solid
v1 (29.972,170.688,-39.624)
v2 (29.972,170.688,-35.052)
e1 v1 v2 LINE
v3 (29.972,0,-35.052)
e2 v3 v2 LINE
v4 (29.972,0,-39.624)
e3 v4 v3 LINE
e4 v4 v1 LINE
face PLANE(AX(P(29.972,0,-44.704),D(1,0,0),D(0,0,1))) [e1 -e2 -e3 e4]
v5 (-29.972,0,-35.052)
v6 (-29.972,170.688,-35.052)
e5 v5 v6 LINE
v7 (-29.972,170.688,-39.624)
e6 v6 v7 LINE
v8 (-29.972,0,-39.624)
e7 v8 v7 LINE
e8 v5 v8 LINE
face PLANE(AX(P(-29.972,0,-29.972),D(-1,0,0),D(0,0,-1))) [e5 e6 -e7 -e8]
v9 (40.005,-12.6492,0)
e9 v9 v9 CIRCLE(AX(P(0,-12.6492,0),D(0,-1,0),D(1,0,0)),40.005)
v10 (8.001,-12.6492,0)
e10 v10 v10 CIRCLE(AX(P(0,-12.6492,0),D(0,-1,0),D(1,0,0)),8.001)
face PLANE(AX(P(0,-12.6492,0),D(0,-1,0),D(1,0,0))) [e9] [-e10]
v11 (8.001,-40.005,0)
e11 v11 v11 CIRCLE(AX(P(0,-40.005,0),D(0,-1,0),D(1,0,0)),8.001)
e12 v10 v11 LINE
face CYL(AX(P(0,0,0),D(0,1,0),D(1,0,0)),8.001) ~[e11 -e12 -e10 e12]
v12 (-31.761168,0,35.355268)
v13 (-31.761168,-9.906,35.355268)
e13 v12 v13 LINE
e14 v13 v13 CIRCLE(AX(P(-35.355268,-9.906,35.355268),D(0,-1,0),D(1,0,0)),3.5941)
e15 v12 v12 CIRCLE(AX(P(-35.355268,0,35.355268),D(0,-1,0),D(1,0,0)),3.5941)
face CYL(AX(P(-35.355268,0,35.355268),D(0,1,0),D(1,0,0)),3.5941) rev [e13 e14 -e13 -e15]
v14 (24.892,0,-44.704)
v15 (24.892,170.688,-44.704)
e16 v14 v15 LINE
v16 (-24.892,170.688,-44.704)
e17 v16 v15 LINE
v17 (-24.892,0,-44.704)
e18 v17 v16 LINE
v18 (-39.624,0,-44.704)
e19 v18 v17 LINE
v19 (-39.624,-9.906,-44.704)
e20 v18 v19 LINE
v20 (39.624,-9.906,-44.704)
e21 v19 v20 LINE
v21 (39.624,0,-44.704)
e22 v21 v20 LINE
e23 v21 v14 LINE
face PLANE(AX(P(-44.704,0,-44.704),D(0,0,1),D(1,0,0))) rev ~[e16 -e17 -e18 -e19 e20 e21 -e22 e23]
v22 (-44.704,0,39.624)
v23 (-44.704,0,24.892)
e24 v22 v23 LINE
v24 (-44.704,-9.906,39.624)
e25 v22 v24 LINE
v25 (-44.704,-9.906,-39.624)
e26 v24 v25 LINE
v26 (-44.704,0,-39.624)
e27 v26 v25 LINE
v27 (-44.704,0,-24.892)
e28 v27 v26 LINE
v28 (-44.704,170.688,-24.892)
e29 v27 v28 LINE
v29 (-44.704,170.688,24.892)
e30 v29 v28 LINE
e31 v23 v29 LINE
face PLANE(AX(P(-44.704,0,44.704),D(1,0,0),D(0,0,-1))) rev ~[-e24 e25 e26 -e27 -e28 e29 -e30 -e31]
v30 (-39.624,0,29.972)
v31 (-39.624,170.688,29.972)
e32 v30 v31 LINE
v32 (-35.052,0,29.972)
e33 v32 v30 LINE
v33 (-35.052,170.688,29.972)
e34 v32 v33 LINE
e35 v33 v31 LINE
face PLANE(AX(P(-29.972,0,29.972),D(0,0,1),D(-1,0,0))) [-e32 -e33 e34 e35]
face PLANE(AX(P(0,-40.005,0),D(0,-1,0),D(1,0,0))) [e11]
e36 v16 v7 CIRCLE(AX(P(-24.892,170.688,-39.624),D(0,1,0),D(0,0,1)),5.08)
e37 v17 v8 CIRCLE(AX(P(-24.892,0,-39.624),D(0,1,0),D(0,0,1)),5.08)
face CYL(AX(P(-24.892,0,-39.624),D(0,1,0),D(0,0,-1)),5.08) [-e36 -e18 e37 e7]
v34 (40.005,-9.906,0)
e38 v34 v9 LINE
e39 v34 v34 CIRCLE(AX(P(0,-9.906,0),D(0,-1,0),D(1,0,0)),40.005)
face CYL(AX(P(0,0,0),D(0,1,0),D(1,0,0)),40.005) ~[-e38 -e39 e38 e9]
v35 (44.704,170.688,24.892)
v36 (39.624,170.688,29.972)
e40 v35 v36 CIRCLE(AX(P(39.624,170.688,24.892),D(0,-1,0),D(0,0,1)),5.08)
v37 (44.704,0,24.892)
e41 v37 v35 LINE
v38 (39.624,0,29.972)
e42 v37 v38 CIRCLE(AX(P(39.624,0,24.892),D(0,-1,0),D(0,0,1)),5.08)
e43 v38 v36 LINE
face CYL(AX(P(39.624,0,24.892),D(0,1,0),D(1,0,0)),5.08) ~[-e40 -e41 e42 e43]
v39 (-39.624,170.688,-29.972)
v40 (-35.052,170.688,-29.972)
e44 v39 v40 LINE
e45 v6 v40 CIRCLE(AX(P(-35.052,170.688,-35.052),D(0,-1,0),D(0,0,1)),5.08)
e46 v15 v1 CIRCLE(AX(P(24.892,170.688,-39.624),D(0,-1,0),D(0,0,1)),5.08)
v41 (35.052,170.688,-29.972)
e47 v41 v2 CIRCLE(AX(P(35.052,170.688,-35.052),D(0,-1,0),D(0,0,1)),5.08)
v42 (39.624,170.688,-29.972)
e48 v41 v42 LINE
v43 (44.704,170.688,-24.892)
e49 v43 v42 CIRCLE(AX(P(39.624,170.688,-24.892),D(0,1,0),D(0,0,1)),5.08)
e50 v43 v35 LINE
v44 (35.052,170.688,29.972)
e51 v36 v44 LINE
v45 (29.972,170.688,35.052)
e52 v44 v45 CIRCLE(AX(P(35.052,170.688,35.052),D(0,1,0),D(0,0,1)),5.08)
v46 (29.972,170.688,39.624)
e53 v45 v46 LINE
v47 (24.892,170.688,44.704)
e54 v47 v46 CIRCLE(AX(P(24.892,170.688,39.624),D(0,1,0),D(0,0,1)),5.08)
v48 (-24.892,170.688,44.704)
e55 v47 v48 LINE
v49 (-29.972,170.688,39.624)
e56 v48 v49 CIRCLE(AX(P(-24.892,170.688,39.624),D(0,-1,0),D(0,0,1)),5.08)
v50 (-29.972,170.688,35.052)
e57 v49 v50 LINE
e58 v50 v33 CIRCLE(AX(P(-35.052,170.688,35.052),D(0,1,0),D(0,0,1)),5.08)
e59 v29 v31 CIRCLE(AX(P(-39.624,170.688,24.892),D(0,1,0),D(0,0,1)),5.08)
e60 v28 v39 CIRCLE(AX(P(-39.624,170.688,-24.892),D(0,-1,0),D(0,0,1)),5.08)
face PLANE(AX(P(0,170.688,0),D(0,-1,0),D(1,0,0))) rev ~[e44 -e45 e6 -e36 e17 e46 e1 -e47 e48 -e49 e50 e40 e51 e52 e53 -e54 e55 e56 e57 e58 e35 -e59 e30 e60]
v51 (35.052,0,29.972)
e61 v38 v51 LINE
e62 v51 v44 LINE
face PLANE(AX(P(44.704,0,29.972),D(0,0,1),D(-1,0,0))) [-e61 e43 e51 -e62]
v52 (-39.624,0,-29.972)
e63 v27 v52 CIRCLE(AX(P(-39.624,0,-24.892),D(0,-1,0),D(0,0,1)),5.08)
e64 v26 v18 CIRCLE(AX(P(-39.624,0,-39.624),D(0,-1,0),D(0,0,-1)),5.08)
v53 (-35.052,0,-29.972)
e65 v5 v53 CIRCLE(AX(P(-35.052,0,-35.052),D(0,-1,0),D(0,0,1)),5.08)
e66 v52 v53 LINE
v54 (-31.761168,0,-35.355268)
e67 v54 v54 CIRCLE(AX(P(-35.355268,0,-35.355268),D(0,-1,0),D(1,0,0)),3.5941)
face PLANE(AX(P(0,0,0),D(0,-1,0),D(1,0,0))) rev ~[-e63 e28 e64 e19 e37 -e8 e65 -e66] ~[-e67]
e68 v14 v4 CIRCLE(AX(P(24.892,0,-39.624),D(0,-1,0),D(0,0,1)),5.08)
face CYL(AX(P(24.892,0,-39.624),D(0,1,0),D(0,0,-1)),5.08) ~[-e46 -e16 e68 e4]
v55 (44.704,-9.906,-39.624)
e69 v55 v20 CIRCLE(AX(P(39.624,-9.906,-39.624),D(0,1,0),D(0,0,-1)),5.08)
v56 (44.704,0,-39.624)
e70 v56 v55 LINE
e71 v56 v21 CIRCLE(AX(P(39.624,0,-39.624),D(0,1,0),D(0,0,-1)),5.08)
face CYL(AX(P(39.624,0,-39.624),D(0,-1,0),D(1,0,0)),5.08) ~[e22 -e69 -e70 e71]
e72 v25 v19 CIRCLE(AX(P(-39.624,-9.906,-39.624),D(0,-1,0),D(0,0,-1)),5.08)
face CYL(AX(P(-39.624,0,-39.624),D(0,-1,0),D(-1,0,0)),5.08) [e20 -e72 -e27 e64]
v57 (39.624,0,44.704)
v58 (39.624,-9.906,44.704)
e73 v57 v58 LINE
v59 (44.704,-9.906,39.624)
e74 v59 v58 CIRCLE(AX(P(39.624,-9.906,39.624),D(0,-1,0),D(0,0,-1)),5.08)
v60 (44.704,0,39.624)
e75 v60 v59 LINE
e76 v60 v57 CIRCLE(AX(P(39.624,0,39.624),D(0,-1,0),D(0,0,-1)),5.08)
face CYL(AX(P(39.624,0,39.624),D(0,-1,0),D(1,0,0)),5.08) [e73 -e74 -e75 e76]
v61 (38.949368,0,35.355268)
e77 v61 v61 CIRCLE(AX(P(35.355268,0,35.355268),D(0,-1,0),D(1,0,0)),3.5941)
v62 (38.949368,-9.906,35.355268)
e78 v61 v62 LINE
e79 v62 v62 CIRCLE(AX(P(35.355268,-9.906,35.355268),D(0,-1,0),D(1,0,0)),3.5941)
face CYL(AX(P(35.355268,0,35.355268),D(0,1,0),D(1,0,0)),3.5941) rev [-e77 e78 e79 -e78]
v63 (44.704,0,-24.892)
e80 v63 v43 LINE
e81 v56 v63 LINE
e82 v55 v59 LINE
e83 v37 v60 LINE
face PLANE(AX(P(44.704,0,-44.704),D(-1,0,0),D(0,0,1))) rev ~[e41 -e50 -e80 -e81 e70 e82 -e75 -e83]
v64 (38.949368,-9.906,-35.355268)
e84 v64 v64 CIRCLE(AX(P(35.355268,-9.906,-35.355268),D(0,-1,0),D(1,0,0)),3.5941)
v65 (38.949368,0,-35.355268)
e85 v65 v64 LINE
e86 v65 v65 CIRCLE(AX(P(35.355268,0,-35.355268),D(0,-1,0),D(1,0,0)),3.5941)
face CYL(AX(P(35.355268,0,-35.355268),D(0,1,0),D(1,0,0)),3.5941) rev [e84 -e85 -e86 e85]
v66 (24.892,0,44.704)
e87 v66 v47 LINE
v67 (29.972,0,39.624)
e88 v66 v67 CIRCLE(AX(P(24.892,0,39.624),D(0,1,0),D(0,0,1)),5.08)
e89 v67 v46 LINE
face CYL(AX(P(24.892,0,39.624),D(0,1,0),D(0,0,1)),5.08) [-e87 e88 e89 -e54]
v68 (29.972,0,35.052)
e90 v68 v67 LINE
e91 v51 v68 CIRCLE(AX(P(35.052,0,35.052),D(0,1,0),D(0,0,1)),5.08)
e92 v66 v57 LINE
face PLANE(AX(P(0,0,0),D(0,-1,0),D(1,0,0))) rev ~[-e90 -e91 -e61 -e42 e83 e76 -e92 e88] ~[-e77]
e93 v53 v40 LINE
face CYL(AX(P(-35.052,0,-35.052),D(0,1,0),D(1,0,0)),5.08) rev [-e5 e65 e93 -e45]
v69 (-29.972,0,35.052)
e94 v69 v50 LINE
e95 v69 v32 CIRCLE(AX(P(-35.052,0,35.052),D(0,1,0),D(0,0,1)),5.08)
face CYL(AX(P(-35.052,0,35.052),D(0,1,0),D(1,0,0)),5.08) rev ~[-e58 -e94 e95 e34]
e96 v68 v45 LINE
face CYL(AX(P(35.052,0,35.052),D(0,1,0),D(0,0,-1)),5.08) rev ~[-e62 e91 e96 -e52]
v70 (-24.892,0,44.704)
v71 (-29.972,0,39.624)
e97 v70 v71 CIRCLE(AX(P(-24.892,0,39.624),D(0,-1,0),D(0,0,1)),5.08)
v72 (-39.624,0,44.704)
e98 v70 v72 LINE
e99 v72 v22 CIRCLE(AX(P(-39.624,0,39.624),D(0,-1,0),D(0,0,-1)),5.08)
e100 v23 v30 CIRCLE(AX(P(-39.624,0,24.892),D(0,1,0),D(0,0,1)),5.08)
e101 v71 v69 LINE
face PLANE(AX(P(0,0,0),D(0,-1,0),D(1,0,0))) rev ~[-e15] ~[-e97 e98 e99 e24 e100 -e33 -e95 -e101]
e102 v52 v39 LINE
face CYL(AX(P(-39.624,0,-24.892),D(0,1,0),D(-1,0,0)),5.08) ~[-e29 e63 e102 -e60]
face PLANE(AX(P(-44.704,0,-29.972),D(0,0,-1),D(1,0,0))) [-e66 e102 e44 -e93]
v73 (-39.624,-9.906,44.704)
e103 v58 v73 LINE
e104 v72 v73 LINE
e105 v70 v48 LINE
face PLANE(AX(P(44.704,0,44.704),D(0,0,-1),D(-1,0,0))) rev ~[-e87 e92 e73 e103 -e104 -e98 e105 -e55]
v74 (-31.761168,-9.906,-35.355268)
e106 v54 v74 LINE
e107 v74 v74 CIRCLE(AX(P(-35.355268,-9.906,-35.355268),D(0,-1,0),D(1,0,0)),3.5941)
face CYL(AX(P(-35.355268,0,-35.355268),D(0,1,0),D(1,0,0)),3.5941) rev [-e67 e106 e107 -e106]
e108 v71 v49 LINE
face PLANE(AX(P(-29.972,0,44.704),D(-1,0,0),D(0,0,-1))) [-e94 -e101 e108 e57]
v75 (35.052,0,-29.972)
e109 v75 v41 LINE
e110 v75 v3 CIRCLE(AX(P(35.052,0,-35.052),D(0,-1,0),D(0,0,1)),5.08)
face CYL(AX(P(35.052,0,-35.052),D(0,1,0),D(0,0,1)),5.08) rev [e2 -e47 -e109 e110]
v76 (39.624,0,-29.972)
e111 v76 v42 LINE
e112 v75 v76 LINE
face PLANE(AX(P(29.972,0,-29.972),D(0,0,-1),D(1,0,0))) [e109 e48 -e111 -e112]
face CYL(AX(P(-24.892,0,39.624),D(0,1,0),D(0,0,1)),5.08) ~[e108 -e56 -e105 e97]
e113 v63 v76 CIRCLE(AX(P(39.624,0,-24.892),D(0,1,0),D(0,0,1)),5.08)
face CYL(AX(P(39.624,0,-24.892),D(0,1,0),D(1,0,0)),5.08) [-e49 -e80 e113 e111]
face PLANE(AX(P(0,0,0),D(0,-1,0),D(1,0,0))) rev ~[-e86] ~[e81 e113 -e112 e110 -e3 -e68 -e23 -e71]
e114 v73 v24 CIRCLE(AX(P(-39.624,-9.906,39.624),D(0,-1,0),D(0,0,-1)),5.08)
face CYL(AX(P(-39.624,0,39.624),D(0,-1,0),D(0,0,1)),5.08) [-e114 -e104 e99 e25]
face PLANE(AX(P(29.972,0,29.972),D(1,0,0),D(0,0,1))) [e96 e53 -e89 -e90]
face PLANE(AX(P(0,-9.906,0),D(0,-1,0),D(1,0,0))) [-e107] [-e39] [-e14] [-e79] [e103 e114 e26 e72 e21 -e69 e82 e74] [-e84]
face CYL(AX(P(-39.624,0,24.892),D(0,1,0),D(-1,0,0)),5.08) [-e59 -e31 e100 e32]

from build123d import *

# Parameters (mm, degrees)
F0_R     = 40.005
F0_R_2   = 8.001
F1_DEPTH = 170.688
F0_W     = 14.732
F0_H     = 14.732
F0_R_3   = 3.5941
F2_DEPTH = 9.906
F3_DEPTH = 12.6492
F4_DEPTH = 40.005
F5_R     = 5.08
F6_R     = 5.08


with BuildPart() as f1:
    # F0 (on Front) → F1 (new body)
    with BuildSketch(Plane.XZ):
        Polygon((-29.972, -29.972), (-29.972, -44.704), (-13.335, -44.704), (13.335, -44.704), (29.972, -44.704), (29.972, -29.972), (44.704, -29.972), (44.704, 29.972), (29.972, 29.972), (29.972, 44.704), (-29.972, 44.704), (-29.972, 29.972), (-44.704, 29.972), (-44.704, -29.972), align=None)
        Circle(F0_R, mode=Mode.SUBTRACT)
        Circle(F0_R)
        Circle(F0_R_2, mode=Mode.SUBTRACT)
        Circle(F0_R_2)
    extrude(amount=-F1_DEPTH)

    # F0 (on Front) → F2 (join)
    with BuildSketch(Plane.XZ):
        Polygon((-29.972, -29.972), (-29.972, -44.704), (-13.335, -44.704), (13.335, -44.704), (29.972, -44.704), (29.972, -29.972), (44.704, -29.972), (44.704, 29.972), (29.972, 29.972), (29.972, 44.704), (-29.972, 44.704), (-29.972, 29.972), (-44.704, 29.972), (-44.704, -29.972), align=None)
        Circle(F0_R, mode=Mode.SUBTRACT)
        with Locations((-37.338, 37.338)):
            Rectangle(F0_W, F0_H)
        with Locations((-35.355268, 35.355268)):
            Circle(F0_R_3, mode=Mode.SUBTRACT)
        with Locations((37.338, 37.338)):
            Rectangle(F0_W, F0_H)
        with Locations((35.355268, 35.355268)):
            Circle(F0_R_3, mode=Mode.SUBTRACT)
        with Locations((37.338, -37.338)):
            Rectangle(F0_W, F0_H)
        with Locations((35.355268, -35.355268)):
            Circle(F0_R_3, mode=Mode.SUBTRACT)
        with Locations((-37.338, -37.338)):
            Rectangle(F0_W, F0_H)
        with Locations((-35.355268, -35.355268)):
            Circle(F0_R_3, mode=Mode.SUBTRACT)
    extrude(amount=F2_DEPTH)

    # F0 (on Front) → F3 (join)
    with BuildSketch(Plane.XZ):
        Circle(F0_R)
        Circle(F0_R_2, mode=Mode.SUBTRACT)
    extrude(amount=F3_DEPTH)

    # F0 (on Front) → F4 (join)
    with BuildSketch(Plane.XZ):
        Circle(F0_R_2)
    extrude(amount=F4_DEPTH)

    # F5
    f5_edges = [f1.edges().sort_by_distance(p)[0] for p in [
        (44.704, 85.344, 29.972),
        (29.972, 85.344, 44.704),
        (44.704, 85.344, -29.972),
        (29.972, 85.344, -44.704),
        (-29.972, 85.344, -44.704),
        (-44.704, 85.344, -29.972),
        (-29.972, 85.344, 44.704),
        (-29.972, 85.344, 29.972),
        (-44.704, 85.344, 29.972),
        (-29.972, 85.344, -29.972),
        (29.972, 85.344, -29.972),
        (29.972, 85.344, 29.972),
    ]]
    fillet(f5_edges, radius=F5_R)

    # F6
    f6_edges = [f1.edges().sort_by_distance(p)[0] for p in [
        (-44.704, -4.953, 44.704),
        (-44.704, -4.953, -44.704),
        (44.704, -4.953, 44.704),
        (44.704, -4.953, -44.704),
    ]]
    fillet(f6_edges, radius=F6_R)


solid = f1.part
